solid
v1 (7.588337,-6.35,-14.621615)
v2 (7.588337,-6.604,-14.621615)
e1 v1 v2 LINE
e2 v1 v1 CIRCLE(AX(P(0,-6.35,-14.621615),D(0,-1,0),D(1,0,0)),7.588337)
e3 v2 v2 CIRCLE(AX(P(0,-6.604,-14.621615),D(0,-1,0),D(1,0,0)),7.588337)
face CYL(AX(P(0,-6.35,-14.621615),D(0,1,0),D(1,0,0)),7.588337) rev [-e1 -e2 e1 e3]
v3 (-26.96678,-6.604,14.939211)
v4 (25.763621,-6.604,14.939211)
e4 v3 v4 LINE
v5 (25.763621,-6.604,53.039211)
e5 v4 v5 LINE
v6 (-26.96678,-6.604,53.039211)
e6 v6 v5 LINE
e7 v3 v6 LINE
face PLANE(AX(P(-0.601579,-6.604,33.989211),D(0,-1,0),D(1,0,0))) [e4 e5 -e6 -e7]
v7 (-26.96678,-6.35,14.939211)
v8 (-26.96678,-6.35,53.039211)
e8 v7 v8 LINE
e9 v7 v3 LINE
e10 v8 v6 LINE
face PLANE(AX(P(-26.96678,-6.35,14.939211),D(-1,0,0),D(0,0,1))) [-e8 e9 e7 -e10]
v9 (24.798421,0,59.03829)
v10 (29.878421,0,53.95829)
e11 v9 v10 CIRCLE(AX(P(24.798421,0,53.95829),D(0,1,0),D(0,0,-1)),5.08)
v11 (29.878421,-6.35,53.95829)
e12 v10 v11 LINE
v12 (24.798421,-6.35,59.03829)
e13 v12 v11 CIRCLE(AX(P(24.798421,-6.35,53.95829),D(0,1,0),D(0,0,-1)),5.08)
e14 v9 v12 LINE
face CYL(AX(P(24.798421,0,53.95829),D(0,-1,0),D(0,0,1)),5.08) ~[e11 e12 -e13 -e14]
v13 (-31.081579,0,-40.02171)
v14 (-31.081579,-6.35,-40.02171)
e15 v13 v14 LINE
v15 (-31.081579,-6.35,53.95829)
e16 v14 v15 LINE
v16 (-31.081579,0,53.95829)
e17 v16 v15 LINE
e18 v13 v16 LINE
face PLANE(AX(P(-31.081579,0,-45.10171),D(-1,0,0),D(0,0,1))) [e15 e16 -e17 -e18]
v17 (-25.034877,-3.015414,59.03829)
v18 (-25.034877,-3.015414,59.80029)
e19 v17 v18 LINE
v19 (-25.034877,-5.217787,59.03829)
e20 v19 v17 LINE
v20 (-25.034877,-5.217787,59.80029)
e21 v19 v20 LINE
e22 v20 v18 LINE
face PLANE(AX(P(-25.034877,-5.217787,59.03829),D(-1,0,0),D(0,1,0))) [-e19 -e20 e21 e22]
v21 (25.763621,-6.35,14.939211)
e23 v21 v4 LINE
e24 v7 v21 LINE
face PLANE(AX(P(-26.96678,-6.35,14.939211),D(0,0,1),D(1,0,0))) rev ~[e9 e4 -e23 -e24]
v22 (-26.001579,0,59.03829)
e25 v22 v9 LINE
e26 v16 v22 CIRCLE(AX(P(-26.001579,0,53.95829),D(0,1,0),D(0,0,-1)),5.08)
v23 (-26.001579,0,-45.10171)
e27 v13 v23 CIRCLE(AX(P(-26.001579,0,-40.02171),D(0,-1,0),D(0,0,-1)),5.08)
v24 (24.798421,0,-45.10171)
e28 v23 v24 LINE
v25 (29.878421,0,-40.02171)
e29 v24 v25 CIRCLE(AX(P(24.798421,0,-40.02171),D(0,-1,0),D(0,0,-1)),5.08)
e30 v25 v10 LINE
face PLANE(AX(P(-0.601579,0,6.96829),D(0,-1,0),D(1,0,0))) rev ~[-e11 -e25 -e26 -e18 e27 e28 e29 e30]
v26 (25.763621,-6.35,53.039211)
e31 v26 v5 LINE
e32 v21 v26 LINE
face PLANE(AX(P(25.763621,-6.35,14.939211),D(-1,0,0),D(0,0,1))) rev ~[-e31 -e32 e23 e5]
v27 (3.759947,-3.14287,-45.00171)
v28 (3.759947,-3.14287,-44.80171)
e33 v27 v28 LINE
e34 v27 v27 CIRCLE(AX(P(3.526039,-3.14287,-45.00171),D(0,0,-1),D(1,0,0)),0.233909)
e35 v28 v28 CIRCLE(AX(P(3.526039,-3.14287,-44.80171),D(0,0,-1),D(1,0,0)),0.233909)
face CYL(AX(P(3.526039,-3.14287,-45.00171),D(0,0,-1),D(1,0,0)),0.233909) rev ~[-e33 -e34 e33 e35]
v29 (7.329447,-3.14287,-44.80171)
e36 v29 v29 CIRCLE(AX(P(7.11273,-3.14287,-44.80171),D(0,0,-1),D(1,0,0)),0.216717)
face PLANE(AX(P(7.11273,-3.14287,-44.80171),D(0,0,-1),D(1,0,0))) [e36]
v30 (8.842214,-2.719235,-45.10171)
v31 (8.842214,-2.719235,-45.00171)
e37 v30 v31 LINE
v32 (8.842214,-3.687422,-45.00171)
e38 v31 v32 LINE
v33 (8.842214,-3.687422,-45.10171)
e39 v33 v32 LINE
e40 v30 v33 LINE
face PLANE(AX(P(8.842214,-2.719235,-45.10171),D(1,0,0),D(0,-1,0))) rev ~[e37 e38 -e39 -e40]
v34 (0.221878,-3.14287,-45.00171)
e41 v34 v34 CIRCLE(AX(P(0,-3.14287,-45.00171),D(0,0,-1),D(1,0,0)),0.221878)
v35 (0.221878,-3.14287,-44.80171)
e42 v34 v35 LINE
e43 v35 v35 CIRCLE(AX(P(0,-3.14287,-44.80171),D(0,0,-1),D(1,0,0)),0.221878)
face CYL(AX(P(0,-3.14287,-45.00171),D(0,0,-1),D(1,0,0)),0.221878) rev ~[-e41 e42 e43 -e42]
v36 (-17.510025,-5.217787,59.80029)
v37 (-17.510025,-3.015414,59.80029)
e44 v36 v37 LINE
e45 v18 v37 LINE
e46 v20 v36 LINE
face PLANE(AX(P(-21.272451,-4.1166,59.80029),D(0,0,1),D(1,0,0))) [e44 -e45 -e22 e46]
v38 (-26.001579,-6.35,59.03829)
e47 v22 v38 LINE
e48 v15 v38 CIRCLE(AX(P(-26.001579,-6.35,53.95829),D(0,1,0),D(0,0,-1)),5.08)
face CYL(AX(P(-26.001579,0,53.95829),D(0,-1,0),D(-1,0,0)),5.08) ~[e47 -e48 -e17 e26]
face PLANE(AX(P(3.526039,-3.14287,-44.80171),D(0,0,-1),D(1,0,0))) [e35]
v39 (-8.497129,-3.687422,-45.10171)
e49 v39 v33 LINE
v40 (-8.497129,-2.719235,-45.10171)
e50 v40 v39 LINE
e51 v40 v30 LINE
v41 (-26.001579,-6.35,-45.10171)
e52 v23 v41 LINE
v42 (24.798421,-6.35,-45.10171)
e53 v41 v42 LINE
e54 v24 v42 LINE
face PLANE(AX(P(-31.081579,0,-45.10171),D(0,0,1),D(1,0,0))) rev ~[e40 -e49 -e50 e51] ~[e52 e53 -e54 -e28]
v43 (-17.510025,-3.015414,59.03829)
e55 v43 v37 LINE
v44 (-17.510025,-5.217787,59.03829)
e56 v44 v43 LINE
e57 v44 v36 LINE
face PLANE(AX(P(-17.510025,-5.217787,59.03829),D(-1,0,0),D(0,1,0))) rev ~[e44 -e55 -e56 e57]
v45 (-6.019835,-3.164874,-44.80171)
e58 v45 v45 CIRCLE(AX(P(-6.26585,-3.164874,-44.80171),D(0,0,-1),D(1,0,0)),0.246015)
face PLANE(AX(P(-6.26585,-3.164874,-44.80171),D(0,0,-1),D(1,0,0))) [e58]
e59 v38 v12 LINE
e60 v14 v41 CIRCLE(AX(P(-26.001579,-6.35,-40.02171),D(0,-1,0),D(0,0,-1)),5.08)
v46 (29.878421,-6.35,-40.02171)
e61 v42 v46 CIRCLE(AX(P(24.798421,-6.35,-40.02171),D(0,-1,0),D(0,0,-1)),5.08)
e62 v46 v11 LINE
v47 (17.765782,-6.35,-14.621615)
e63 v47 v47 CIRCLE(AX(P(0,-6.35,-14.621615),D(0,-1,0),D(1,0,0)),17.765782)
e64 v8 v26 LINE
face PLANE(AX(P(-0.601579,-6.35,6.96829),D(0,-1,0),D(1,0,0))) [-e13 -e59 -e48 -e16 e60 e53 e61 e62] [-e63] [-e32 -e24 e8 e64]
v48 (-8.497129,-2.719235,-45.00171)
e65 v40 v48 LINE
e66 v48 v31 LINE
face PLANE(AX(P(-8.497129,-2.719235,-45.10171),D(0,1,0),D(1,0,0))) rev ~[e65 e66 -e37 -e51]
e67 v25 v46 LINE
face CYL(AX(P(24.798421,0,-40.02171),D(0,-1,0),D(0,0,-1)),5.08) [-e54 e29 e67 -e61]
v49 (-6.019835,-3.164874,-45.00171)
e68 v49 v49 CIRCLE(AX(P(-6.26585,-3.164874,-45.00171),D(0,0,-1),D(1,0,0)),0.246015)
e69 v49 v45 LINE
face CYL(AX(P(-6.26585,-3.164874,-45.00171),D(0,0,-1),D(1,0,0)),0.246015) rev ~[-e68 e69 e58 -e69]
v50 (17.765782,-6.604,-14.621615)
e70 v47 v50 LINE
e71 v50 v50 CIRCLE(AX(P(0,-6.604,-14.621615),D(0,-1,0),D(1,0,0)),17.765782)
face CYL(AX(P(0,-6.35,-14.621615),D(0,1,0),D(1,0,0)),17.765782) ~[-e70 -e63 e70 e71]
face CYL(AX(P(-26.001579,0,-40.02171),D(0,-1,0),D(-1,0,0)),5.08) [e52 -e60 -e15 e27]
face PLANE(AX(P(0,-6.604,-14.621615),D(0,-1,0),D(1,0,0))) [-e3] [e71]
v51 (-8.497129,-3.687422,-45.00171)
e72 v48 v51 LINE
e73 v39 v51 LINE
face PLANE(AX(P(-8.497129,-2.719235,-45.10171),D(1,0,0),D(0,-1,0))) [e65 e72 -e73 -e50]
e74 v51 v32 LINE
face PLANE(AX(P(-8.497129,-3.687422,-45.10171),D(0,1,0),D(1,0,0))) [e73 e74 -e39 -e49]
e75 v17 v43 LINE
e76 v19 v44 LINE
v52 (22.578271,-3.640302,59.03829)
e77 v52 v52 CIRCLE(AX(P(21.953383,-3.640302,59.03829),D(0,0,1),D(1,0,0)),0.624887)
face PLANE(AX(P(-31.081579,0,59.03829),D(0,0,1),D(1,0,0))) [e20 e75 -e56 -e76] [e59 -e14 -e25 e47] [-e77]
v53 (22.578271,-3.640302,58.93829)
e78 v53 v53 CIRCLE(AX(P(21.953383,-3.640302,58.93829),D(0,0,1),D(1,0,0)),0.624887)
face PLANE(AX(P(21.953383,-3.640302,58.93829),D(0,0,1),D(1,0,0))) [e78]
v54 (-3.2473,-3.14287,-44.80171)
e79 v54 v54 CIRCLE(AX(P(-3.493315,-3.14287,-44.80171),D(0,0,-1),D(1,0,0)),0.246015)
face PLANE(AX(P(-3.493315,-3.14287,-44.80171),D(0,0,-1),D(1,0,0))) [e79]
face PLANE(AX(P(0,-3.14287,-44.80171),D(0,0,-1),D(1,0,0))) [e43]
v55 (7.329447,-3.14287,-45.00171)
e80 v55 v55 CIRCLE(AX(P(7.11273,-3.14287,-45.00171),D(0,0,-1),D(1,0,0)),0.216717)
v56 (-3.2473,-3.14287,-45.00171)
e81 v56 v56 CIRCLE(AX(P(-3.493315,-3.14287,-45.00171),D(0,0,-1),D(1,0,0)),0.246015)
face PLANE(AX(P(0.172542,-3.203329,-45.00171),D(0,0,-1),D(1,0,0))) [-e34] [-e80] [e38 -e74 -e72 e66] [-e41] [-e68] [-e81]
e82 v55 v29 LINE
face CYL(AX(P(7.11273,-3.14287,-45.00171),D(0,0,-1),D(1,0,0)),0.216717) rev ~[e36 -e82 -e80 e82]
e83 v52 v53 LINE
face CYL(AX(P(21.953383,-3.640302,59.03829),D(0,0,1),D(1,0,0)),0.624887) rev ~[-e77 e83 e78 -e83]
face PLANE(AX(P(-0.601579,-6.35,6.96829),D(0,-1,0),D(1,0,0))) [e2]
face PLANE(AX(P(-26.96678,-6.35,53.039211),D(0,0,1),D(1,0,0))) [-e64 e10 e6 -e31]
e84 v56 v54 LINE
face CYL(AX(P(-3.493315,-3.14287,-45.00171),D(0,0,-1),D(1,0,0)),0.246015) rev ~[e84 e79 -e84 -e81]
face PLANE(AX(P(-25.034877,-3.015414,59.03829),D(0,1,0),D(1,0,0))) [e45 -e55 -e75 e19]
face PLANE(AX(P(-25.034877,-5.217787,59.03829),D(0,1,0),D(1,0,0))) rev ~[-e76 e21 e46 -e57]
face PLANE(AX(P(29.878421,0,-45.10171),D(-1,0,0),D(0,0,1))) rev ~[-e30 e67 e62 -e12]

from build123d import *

# Parameters (mm, degrees)
F0_W      = 60.96
F0_H      = 104.14
F0_R      = 17.78
F0_R_2    = 7.62
F1_DEPTH  = 6.35
F2_R      = 17.7657824196
F2_R_2    = 7.588336925
F3_DEPTH  = 0.254
F4_W      = 52.7304011778
F4_H      = 38.1
F5_DEPTH  = 0.254
F6_W      = 7.5248517096
F6_H      = 2.2023727652
F7_DEPTH  = 0.762
F8_R      = 5.08
F9_R      = 0.6248874124
F10_DEPTH = 0.1
F11_W     = 17.3393432051
F11_H     = 0.9681868833
F12_DEPTH = 0.1
F13_R     = 0.2460151655
F13_R_2   = 0.2460152488
F13_R_3   = 0.2218778153
F13_R_4   = 0.2339087287
F13_R_5   = 0.2167167574
F14_DEPTH = 0.2


with BuildPart() as f1:
    # F0 (on Front) → F1 (new body)
    with BuildSketch(Plane.XZ):
        with Locations((-0.6015785038, 6.9682898942)):
            Rectangle(F0_W, F0_H)
        with Locations((0, -14.6217101058)):
            Circle(F0_R, mode=Mode.SUBTRACT)
        Polygon((-26.619868353, 33.6382898942), (-26.619868353, 52.6882898942), (25.7174987346, 52.6882898942), (25.7174987346, 14.5882898942), (-26.619868353, 14.5882898942), align=None, mode=Mode.SUBTRACT)
        Polygon((25.7174987346, 52.6882898942), (-26.619868353, 52.6882898942), (-26.619868353, 33.6382898942), (-26.619868353, 14.5882898942), (25.7174987346, 14.5882898942), align=None)
        with Locations((0, -14.6217101058)):
            Circle(F0_R)
        with Locations((0, -14.6217101058)):
            Circle(F0_R_2, mode=Mode.SUBTRACT)
        with Locations((0, -14.6217101058)):
            Circle(F0_R_2)
    extrude(amount=F1_DEPTH)

    # F2 (on face) → F3 (join)
    with BuildSketch(Plane.XZ.offset(6.35)):
        with Locations((0, -14.6216154099)):
            Circle(F2_R)
        with Locations((0, -14.6216154099)):
            Circle(F2_R_2, mode=Mode.SUBTRACT)
    extrude(amount=F3_DEPTH)

    # F4 (on face) → F5 (join)
    with BuildSketch(Plane.XZ.offset(6.35)):
        with Locations((-0.6015794352, 33.9892106131)):
            Rectangle(F4_W, F4_H)
    extrude(amount=F5_DEPTH)

    # F6 (on face) → F7 (join)
    with BuildSketch(Plane.XY.offset(59.0382898942)):
        with Locations((-21.2724506855, -4.1166004958)):
            Rectangle(F6_W, F6_H)
    extrude(amount=F7_DEPTH)

    # F8
    f8_edges = [f1.edges().sort_by_distance(p)[0] for p in [
        (29.878421, -3.175, 59.03829),
        (-31.081579, -3.175, 59.03829),
        (-31.081579, -3.175, -45.10171),
        (29.878421, -3.175, -45.10171),
    ]]
    fillet(f8_edges, radius=F8_R)

    # F9 (on face) → F10 (cut)
    with BuildSketch(Plane.XY.offset(59.0382898942)):
        with Locations((21.9533834606, -3.6403015256)):
            Circle(F9_R)
    extrude(amount=-F10_DEPTH, mode=Mode.SUBTRACT)

    # F11 (on face) → F12 (cut)
    with BuildSketch(Plane(origin=(0, 0, -45.1017101058), x_dir=(1, 0, 0), z_dir=(0, 0, -1))):
        with Locations((0.1725424081, 3.2033285825)):
            Rectangle(F11_W, F11_H)
    extrude(amount=-F12_DEPTH, mode=Mode.SUBTRACT)

    # F13 (on face) → F14 (cut)
    with BuildSketch(Plane(origin=(0, 0, -45.0017101058), x_dir=(1, 0, 0), z_dir=(0, 0, -1))):
        with Locations((-6.265850272, 3.1648736913)):
            Circle(F13_R)
        with Locations((-3.4933153074, 3.1428695656)):
            Circle(F13_R_2)
        with Locations((0, 3.1428695656)):
            Circle(F13_R_3)
        with Locations((3.5260387231, 3.1428695656)):
            Circle(F13_R_4)
        with Locations((7.1127302945, 3.1428695656)):
            Circle(F13_R_5)
    extrude(amount=-F14_DEPTH, mode=Mode.SUBTRACT)


solid = f1.part
